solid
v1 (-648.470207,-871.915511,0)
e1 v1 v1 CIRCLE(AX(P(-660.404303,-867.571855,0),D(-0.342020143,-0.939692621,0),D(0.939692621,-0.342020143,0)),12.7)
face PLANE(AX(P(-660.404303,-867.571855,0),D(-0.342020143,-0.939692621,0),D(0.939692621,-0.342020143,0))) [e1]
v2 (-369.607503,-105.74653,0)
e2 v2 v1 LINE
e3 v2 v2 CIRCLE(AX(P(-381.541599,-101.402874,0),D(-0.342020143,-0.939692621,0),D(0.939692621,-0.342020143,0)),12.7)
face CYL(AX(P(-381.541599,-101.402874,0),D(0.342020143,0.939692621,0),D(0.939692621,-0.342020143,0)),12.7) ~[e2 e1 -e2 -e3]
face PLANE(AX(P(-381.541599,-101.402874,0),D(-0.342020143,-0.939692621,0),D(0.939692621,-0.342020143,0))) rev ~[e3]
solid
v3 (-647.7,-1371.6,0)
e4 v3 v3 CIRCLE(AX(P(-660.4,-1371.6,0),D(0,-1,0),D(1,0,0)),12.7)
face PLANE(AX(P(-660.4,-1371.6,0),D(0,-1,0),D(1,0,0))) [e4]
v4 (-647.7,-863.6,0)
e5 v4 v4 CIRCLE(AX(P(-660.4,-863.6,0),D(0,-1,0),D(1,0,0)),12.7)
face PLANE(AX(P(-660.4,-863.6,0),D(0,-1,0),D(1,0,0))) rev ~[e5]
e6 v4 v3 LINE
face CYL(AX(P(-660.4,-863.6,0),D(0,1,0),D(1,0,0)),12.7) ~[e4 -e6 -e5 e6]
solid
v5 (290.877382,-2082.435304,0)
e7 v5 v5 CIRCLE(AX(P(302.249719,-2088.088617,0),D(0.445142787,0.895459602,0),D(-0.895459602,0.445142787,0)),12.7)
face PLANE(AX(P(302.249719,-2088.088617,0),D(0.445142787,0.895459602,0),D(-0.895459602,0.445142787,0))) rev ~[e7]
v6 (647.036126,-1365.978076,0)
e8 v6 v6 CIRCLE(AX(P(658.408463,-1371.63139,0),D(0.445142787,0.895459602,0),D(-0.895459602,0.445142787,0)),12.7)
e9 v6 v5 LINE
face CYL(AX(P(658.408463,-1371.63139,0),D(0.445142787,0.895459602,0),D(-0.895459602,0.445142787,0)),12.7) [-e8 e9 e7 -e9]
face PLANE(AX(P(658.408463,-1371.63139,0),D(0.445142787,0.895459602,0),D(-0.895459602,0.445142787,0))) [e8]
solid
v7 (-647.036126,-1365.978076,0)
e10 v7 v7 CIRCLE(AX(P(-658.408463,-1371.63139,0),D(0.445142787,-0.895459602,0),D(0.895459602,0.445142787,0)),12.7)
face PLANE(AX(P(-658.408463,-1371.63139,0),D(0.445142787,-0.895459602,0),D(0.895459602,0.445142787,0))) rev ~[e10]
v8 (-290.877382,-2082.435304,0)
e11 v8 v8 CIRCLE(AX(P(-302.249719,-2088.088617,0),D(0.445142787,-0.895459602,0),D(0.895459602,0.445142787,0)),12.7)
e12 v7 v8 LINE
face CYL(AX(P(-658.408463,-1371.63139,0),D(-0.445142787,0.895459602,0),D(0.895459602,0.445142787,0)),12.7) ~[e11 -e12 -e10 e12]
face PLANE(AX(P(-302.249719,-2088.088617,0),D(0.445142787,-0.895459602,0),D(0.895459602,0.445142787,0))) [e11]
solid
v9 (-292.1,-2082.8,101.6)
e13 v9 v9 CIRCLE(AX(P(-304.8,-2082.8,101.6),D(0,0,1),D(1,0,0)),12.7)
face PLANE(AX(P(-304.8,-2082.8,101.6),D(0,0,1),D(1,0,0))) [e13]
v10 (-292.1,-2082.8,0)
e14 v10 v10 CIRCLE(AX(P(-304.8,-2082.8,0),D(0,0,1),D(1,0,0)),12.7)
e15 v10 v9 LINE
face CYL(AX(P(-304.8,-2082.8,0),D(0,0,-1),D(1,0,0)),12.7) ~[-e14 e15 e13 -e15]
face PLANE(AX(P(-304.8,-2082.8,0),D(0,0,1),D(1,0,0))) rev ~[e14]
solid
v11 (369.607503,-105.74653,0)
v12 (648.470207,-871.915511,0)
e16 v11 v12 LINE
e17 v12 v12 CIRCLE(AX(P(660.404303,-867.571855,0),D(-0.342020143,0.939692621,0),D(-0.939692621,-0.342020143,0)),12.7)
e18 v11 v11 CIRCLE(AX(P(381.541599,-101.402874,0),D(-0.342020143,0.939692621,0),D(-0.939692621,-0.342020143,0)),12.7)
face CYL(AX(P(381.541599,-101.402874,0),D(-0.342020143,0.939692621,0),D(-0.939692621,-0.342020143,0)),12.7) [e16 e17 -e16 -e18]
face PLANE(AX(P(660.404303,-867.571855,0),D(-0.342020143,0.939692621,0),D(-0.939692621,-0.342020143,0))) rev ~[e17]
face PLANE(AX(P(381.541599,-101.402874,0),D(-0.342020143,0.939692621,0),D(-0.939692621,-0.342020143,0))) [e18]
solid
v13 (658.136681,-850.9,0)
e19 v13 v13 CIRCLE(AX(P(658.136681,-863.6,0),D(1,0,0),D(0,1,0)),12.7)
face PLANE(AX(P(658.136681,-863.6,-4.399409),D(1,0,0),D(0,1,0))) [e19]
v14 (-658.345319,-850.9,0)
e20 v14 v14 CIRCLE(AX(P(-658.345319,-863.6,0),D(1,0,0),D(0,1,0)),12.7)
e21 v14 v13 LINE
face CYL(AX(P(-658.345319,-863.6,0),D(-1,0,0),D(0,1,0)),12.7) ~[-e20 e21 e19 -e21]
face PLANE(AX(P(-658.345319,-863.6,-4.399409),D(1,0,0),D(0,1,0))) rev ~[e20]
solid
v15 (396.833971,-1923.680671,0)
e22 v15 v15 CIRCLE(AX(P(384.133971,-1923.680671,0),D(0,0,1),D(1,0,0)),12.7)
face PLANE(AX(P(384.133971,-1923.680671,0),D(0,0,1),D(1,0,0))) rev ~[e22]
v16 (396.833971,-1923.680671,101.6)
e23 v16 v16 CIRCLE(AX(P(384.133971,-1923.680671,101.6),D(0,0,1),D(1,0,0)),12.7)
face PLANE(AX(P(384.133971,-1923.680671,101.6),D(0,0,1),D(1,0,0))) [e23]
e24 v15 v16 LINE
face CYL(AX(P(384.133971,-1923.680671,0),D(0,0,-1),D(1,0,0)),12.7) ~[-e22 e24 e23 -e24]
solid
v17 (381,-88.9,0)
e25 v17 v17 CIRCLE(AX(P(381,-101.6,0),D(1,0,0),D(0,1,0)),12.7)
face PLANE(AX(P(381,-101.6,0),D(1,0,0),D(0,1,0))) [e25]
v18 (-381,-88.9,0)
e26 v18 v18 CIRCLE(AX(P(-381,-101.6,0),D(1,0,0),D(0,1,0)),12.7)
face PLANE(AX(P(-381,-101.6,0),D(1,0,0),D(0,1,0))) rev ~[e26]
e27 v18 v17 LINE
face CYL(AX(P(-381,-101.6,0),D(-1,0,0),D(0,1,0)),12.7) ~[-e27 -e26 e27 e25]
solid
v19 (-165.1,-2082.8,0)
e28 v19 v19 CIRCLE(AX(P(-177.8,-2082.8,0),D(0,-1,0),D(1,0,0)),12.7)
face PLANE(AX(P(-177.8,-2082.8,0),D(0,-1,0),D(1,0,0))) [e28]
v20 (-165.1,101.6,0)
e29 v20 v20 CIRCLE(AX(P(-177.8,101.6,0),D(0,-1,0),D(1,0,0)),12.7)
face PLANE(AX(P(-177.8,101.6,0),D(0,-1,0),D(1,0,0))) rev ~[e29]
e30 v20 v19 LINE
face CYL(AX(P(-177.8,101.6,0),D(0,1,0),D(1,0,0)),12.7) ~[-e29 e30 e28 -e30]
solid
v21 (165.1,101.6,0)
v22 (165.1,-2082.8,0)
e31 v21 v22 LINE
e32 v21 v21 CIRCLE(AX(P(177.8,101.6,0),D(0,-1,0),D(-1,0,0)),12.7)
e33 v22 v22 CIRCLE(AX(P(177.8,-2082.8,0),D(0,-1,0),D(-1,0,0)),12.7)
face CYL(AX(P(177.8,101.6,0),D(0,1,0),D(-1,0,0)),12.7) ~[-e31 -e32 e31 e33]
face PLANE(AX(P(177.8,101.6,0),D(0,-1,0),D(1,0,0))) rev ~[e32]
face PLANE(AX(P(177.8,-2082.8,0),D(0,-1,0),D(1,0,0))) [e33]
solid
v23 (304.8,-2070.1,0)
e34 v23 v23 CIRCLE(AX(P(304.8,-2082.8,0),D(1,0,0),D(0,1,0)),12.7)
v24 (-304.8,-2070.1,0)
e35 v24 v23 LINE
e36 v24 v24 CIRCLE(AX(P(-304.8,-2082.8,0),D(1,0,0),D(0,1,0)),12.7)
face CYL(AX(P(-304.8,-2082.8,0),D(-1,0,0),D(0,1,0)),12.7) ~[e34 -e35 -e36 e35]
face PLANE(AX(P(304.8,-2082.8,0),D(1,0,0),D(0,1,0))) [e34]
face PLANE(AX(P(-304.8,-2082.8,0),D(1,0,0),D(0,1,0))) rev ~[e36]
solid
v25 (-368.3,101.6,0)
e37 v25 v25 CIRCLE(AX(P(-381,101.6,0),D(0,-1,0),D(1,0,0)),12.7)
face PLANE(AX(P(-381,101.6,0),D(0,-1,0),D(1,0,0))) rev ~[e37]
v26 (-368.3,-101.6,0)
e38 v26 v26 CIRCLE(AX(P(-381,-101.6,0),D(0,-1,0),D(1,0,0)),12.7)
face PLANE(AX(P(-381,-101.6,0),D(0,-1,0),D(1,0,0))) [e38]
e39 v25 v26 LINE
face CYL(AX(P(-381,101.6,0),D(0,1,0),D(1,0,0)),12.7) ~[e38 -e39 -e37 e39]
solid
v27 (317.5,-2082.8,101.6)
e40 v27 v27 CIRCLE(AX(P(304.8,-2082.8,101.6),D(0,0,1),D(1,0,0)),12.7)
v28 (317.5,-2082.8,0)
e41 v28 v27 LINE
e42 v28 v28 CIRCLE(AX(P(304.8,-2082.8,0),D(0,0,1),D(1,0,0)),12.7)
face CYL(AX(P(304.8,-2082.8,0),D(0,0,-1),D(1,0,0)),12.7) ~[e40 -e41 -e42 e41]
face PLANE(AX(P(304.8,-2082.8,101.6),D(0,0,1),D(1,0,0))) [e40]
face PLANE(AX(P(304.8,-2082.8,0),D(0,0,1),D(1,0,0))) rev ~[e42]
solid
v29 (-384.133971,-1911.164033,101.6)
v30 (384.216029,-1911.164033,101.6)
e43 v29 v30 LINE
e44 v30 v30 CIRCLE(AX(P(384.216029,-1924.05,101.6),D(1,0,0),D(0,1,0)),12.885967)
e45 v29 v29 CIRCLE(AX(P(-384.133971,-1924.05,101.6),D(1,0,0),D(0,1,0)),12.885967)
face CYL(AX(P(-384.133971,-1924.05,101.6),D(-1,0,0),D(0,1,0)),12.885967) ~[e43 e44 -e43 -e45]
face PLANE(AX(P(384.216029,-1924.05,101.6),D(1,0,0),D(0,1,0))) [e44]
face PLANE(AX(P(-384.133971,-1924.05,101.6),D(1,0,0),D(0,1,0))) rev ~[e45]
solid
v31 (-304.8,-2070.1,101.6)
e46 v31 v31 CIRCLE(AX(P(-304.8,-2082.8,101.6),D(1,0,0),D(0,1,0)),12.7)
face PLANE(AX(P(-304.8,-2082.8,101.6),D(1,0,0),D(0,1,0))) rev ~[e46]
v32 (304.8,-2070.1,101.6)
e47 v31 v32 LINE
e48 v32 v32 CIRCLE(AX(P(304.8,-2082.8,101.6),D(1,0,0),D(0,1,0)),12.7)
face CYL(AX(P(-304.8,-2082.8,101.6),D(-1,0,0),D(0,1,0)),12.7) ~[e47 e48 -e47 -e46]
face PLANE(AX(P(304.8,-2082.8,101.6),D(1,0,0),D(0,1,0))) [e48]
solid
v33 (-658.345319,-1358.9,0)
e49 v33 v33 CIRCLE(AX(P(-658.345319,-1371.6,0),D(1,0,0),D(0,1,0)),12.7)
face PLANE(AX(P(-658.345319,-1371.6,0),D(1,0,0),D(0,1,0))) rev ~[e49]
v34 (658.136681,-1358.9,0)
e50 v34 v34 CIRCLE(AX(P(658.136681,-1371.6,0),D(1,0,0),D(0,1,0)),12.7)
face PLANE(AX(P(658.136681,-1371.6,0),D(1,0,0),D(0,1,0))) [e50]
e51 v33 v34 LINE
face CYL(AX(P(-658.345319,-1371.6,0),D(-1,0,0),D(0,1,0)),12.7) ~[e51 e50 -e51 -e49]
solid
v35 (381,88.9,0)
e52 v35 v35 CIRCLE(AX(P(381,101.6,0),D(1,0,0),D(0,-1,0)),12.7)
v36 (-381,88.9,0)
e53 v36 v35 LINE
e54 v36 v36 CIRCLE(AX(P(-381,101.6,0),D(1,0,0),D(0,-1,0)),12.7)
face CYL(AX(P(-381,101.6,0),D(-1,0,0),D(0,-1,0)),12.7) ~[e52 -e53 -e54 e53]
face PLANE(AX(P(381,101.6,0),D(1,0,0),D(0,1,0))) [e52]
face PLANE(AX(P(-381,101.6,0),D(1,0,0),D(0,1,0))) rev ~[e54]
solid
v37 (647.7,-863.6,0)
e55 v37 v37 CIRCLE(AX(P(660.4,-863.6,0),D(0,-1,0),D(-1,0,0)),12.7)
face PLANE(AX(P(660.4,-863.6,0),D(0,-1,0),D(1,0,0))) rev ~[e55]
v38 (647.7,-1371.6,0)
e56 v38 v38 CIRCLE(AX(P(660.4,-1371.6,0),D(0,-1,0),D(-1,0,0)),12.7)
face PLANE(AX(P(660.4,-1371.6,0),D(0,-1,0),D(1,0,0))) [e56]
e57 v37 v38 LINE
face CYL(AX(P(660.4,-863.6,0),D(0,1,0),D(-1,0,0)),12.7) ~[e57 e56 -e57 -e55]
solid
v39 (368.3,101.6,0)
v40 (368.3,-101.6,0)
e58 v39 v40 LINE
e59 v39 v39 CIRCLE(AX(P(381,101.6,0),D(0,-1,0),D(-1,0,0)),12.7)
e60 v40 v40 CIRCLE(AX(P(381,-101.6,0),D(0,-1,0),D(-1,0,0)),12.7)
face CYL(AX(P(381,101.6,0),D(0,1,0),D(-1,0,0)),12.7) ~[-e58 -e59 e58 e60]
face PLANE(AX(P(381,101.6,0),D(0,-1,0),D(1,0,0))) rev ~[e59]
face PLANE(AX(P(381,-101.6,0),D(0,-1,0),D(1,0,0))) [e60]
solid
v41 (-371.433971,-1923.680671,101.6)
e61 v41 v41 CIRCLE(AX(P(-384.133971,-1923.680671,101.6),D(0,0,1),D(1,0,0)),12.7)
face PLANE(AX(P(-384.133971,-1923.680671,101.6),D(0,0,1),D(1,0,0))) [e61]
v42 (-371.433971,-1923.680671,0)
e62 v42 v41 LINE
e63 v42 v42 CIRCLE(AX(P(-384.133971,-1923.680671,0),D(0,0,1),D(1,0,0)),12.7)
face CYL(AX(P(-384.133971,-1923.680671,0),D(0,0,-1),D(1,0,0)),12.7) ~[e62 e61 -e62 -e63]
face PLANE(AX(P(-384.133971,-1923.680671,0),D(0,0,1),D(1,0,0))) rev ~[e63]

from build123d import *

# Parameters (mm, degrees)
F3_DEPTH  = 762
F2_R      = 12.7
F6_DEPTH  = 1316.482
F5_R      = 12.7
F8_R      = 12.7
F9_DEPTH  = 609.6
F12_R     = 12.7
F13_DEPTH = 2184.4
F15_DEPTH = 203.2
F14_R     = 12.7
F18_DEPTH = 508
F17_R     = 12.7
F20_R     = 12.7
F21_DEPTH = 815.34
F23_R     = 12.7
F24_DEPTH = 815.34
F26_R     = 12.7
F27_DEPTH = 800.1
F29_R     = 12.7
F30_DEPTH = 800.1
F31_R     = 12.7
F32_DEPTH = 101.6
F34_R     = 12.7
F35_DEPTH = 609.6
F37_R     = 12.8859667662
F38_DEPTH = 768.35


with BuildPart() as f3:
    # F2 (on plane+point) → F3 (new body)
    with BuildSketch(Plane.YZ.offset(-381)):
        with BuildLine():
            ThreePointArc((114.3, 0), (101.6, 12.7), (88.9, 0))
            ThreePointArc((88.9, 0), (101.6, -12.7), (114.3, 0))
        make_face()
    extrude(amount=F3_DEPTH)


with BuildPart() as f3b:
    # F2 (on plane+point) → F3, piece 2 (new body)
    with BuildSketch(Plane.YZ.offset(-381)):
        with Locations((-101.6, 0)):
            Circle(F2_R)
    extrude(amount=F3_DEPTH)


with BuildPart() as f6:
    # F5 (on plane+point) → F6 (new body)
    with BuildSketch(Plane.YZ.offset(-658.3453185108)):
        with BuildLine():
            ThreePointArc((-876.3, 0), (-863.6, -12.7), (-850.9, 0))
            Line((-850.9, 0), (-863.6, 0))
            Line((-863.6, 0), (-876.3, 0))
        make_face()
        with BuildLine():
            Line((-863.6, 0), (-850.9, 0))
            ThreePointArc((-850.9, 0), (-863.6, 12.7), (-876.3, 0))
            Line((-876.3, 0), (-863.6, 0))
        make_face()
    extrude(amount=F6_DEPTH)


with BuildPart() as f6b:
    # F5 (on plane+point) → F6, piece 2 (new body)
    with BuildSketch(Plane.YZ.offset(-658.3453185108)):
        with Locations((-1371.6, 0)):
            Circle(F5_R)
    extrude(amount=F6_DEPTH)


with BuildPart() as f9:
    # F8 (on plane+point) → F9 (new body)
    with BuildSketch(Plane.YZ.offset(-304.8)):
        with Locations((-2082.8, 0)):
            Circle(F8_R)
    extrude(amount=F9_DEPTH)


with BuildPart() as f13:
    # F12 (on plane+point) → F13 (new body)
    with BuildSketch(Plane.XZ.offset(-101.6)):
        with Locations((-177.8, 0)):
            Circle(F12_R)
    extrude(amount=F13_DEPTH)


with BuildPart() as f13b:
    # F12 (on plane+point) → F13, piece 2 (new body)
    with BuildSketch(Plane.XZ.offset(-101.6)):
        with BuildLine():
            ThreePointArc((190.5, 0), (177.8, 12.7), (165.1, 0))
            ThreePointArc((165.1, 0), (177.8, -12.7), (190.5, 0))
        make_face()
    extrude(amount=F13_DEPTH)


with BuildPart() as f15:
    # F14 (on plane+point) → F15 (new body)
    with BuildSketch(Plane.XZ.offset(-101.6)):
        with BuildLine():
            ThreePointArc((393.7, 0), (381, 12.7), (368.3, 0))
            ThreePointArc((368.3, 0), (381, -12.7), (393.7, 0))
        make_face()
    extrude(amount=F15_DEPTH)


with BuildPart() as f15b:
    # F14 (on plane+point) → F15, piece 2 (new body)
    with BuildSketch(Plane.XZ.offset(-101.6)):
        with Locations((-381, 0)):
            Circle(F14_R)
    extrude(amount=F15_DEPTH)


with BuildPart() as f18:
    # F17 (on plane+point) → F18 (new body)
    with BuildSketch(Plane.XZ.offset(863.6)):
        with BuildLine():
            ThreePointArc((673.1, 0), (660.4, 12.7), (647.7, 0))
            ThreePointArc((647.7, 0), (660.4, -12.7), (673.1, 0))
        make_face()
    extrude(amount=F18_DEPTH)


with BuildPart() as f18b:
    # F17 (on plane+point) → F18, piece 2 (new body)
    with BuildSketch(Plane.XZ.offset(863.6)):
        with Locations((-660.4, 0)):
            Circle(F17_R)
    extrude(amount=F18_DEPTH)


with BuildPart() as f21:
    # F20 (on line) → F21 (new body)
    with BuildSketch(Plane(origin=(77.2221441579, -212.1660973557, 0), x_dir=(-0.9396926208, -0.3420201433, 0), z_dir=(-0.3420201433, 0.9396926208, 0))):
        with Locations((-323.85, 0)):
            Circle(F20_R)
    extrude(amount=-F21_DEPTH)


with BuildPart() as f24:
    # F23 (on line) → F24 (new body)
    with BuildSketch(Plane(origin=(-77.2221441579, -212.1660973557, 0), x_dir=(0.9396926208, -0.3420201433, 0), z_dir=(-0.3420201433, -0.9396926208, 0))):
        with Locations((-323.85, 0)):
            Circle(F23_R)
    extrude(amount=F24_DEPTH)


with BuildPart() as f27:
    # F26 (on line) → F27 (new body)
    with BuildSketch(Plane(origin=(-416.2773786186, -837.3932737126, 0), x_dir=(-0.8954596021, 0.4451427872, 0), z_dir=(0.4451427872, 0.8954596021, 0))):
        with Locations((-1200.15, 0)):
            Circle(F26_R)
    extrude(amount=-F27_DEPTH)


with BuildPart() as f30:
    # F29 (on line) → F30 (new body)
    with BuildSketch(Plane(origin=(416.2773786186, -837.3932737126, 0), x_dir=(0.8954596021, 0.4451427872, 0), z_dir=(0.4451427872, -0.8954596021, 0))):
        with Locations((-1200.15, 0)):
            Circle(F29_R)
    extrude(amount=F30_DEPTH)


with BuildPart() as f32:
    # F31 (on Top) → F32 (new body)
    with BuildSketch(Plane.XY):
        with Locations((-304.8, -2082.8)):
            Circle(F31_R)
    extrude(amount=F32_DEPTH)


with BuildPart() as f32b:
    # F31 (on Top) → F32, piece 2 (new body)
    with BuildSketch(Plane.XY):
        with Locations((304.8, -2082.8)):
            Circle(F31_R)
    extrude(amount=F32_DEPTH)


with BuildPart() as f32c:
    # F31 (on Top) → F32, piece 3 (new body)
    with BuildSketch(Plane.XY):
        with Locations((-384.1339711709, -1923.6806705072)):
            Circle(F31_R)
    extrude(amount=F32_DEPTH)


with BuildPart() as f32d:
    # F31 (on Top) → F32, piece 4 (new body)
    with BuildSketch(Plane.XY):
        with Locations((384.1339711709, -1923.6806705072)):
            Circle(F31_R)
    extrude(amount=F32_DEPTH)


with BuildPart() as f35:
    # F34 (on face) → F35 (new body)
    with BuildSketch(Plane.YZ.offset(-304.8)):
        with Locations((-2082.8, 101.6)):
            Circle(F34_R)
    extrude(amount=F35_DEPTH)


with BuildPart() as f38:
    # F37 (on face) → F38 (new body)
    with BuildSketch(Plane.YZ.offset(-384.1339711709)):
        with Locations((-1924.05, 101.6)):
            Circle(F37_R)
    extrude(amount=F38_DEPTH)


solid = Compound([f3.part, f3b.part, f6.part, f6b.part, f9.part, f13.part, f13b.part, f15.part, f15b.part, f18.part, f18b.part, f21.part, f24.part, f27.part, f30.part, f32.part, f32b.part, f32c.part, f32d.part, f35.part, f38.part])
